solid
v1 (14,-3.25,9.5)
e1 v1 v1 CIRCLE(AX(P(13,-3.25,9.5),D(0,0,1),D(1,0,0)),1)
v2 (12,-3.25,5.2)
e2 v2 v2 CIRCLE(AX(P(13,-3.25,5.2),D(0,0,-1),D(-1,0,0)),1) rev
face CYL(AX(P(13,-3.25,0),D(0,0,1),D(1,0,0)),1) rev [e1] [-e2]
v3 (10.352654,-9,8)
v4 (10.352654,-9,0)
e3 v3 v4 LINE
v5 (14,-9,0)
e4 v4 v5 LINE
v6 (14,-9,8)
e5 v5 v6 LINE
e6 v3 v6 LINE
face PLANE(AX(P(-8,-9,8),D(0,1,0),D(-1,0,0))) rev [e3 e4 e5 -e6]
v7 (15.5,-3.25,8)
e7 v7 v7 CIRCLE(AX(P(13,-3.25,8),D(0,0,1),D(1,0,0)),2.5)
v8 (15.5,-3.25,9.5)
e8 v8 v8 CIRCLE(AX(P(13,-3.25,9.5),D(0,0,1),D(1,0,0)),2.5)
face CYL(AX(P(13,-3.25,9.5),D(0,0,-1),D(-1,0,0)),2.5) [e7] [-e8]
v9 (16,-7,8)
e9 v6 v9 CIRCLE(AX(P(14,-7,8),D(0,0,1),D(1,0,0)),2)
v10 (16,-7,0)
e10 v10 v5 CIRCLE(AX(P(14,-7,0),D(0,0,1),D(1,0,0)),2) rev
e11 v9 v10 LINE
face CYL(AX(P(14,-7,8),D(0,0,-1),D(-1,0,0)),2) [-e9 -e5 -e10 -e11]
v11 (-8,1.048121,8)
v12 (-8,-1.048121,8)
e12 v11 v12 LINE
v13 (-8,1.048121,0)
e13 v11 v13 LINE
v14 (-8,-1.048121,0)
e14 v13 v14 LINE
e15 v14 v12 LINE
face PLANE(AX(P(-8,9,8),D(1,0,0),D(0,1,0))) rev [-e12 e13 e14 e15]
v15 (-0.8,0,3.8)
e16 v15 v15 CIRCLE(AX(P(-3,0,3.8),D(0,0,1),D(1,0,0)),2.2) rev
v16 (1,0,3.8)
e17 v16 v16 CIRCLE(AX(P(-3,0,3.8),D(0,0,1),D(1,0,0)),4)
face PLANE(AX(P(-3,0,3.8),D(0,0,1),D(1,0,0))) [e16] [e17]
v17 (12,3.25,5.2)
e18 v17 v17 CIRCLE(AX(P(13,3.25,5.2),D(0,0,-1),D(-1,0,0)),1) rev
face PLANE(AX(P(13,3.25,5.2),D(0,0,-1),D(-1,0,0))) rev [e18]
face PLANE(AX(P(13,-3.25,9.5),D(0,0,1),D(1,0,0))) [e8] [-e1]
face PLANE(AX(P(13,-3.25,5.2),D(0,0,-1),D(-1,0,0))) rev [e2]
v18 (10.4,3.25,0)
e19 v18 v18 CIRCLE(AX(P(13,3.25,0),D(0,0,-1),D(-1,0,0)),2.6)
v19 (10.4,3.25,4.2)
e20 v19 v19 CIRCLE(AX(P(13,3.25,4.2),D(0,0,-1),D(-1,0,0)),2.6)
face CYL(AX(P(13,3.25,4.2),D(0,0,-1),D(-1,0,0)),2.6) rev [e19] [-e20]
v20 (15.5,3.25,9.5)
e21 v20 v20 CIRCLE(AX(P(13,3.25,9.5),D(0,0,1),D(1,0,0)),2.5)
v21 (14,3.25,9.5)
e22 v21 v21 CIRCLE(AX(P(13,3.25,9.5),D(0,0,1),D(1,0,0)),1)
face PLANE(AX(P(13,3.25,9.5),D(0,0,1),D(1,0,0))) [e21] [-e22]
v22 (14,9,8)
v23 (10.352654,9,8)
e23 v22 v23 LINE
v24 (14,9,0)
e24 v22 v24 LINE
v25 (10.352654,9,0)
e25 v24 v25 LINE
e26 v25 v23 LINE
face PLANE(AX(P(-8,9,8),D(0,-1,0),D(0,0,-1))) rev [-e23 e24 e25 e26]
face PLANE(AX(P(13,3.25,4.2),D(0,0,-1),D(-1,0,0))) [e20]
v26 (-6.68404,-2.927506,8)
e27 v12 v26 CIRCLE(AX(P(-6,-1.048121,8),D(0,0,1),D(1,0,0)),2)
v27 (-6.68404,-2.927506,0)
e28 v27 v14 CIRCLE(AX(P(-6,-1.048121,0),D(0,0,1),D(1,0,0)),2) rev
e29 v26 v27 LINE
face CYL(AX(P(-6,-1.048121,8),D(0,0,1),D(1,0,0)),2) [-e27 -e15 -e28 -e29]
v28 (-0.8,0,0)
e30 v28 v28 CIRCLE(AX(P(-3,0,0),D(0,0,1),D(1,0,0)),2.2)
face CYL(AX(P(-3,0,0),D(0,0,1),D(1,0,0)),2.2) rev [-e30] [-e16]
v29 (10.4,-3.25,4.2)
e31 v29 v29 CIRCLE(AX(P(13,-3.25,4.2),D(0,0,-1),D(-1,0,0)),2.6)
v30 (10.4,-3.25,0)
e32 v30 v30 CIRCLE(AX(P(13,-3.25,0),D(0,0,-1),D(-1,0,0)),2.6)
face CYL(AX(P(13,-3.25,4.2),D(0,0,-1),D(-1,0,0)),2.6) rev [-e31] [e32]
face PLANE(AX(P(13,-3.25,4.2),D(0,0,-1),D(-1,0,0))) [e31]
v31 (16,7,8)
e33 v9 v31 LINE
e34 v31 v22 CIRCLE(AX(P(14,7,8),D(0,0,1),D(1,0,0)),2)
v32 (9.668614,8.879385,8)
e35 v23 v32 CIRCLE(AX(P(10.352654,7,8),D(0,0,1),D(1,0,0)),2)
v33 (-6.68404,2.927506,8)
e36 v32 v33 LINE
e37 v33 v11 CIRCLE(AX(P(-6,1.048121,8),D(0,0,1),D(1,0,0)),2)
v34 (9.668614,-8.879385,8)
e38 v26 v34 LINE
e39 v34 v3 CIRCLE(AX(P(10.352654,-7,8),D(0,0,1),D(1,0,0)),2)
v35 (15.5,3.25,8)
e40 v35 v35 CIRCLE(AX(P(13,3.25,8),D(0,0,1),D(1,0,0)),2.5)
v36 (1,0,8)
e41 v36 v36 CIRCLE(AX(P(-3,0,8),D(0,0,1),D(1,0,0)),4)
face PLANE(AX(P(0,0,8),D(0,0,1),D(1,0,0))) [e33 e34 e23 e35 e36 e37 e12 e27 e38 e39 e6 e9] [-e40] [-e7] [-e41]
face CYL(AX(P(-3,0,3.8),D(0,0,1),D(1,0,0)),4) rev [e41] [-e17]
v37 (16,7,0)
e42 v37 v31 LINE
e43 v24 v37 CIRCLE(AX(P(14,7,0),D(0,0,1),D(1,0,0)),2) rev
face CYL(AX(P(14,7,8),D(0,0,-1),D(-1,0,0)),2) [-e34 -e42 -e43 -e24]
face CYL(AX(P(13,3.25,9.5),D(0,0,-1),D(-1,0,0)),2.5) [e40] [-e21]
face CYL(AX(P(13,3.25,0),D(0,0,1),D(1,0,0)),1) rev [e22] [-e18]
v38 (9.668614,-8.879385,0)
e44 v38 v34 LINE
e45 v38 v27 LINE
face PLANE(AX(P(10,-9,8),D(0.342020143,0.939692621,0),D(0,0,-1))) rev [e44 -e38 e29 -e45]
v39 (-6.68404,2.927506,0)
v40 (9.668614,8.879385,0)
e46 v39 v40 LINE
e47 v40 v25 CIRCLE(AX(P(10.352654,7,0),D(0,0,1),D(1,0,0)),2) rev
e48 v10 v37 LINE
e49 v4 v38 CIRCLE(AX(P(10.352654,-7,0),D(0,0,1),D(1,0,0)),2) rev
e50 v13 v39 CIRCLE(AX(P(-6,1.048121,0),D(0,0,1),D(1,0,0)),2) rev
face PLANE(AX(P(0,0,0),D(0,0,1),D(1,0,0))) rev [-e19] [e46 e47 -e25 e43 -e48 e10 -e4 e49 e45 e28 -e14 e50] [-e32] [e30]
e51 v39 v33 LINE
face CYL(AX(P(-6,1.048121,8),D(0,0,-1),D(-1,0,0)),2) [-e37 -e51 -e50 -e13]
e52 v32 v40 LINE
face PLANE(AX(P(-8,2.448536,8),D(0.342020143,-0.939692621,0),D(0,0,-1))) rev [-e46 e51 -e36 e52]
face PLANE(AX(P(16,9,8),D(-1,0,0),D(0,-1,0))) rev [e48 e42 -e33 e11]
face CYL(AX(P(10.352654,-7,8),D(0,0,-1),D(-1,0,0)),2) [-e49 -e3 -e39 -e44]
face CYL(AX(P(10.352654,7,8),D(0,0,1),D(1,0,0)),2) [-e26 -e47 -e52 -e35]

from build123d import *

# Parameters (mm, degrees)
ESQUISSE1_W             = 24
ESQUISSE1_H             = 18
BOSS_EXTRU_1_DEPTH      = 8
ESQUISSE2_R             = 2.2
ENL_V_MAT_EXTRU_1_DEPTH = 9
ESQUISSE3_R             = 4
ENL_V_MAT_EXTRU_2_DEPTH = 4.2
ESQUISSE4_R             = 1
ENL_V_MAT_EXTRU_3_DEPTH = 9
ESQUISSE5_R             = 2.6
ENL_V_MAT_EXTRU_6_DEPTH = 4.2
ESQUISSE6_R             = 1.7
BOSS_EXTRU_2_DEPTH      = 1
CHANFREIN1_SIZE         = 18
CHANFREIN1_SIZE2        = 6.551464217
CHANFREIN1_PART_2_SIZE  = 18
CHANFREIN1_PART_2_SIZE2 = 6.551464217
CONG_1_R                = 2
ESQUISSE7_R             = 2.5
ESQUISSE7_R_2           = 1
BOSS_EXTRU_3_DEPTH      = 1.5


with BuildPart() as part:
    # Esquisse1 → Boss.-Extru.1 (new body)
    with BuildSketch(Plane.XY):
        with Locations((4, 0)):
            Rectangle(ESQUISSE1_W, ESQUISSE1_H)
    extrude(amount=BOSS_EXTRU_1_DEPTH)

    # Esquisse2 → Enlèv. mat.-Extru.1 (cut, through all)
    with BuildSketch(Plane.XY.offset(8)):
        with Locations((-3, 0)):
            Circle(ESQUISSE2_R)
    extrude(amount=-ENL_V_MAT_EXTRU_1_DEPTH, mode=Mode.SUBTRACT)

    # Esquisse3 → Enlèv. mat.-Extru.2 (cut)
    with BuildSketch(Plane.XY.offset(8)):
        with Locations((-3, 0)):
            Circle(ESQUISSE3_R)
    extrude(amount=-ENL_V_MAT_EXTRU_2_DEPTH, mode=Mode.SUBTRACT)

    # Esquisse4 → Enlèv. mat.-Extru.3 (cut, through all)
    with BuildSketch(Plane.XY.offset(8)):
        with Locations((13, 3.25)):
            Circle(ESQUISSE4_R)
        with Locations((13, -3.25)):
            Circle(ESQUISSE4_R)
    extrude(amount=-ENL_V_MAT_EXTRU_3_DEPTH, mode=Mode.SUBTRACT)

    # Esquisse5 → Enlèv. mat.-Extru.6 (cut)
    with BuildSketch(Plane(origin=(0, 0, 0), x_dir=(-1, 0, 0), z_dir=(0, 0, -1))):
        with Locations((-13, 3.25)):
            Circle(ESQUISSE5_R)
        with Locations((-13, -3.25)):
            Circle(ESQUISSE5_R)
    extrude(amount=-ENL_V_MAT_EXTRU_6_DEPTH, mode=Mode.SUBTRACT)

    # Esquisse6 → Boss.-Extru.2 (add)
    with BuildSketch(Plane(origin=(0, 0, 4.2), x_dir=(-1, 0, 0), z_dir=(0, 0, -1))):
        with Locations((-13, 3.25)):
            Circle(ESQUISSE6_R)
        with Locations((-13, -3.25)):
            Circle(ESQUISSE6_R)
    extrude(amount=-BOSS_EXTRU_2_DEPTH)

    # Chanfrein1
    chanfrein1_edges = [part.edges().sort_by_distance(p)[0] for p in [
        (-8, 9, 4),
    ]]
    chanfrein1_side = [part.faces().sort_by_distance(p)[0] for p in [
        (4, 9, 4),
    ]]
    chamfer(chanfrein1_edges, length=CHANFREIN1_SIZE, length2=CHANFREIN1_SIZE2, reference=chanfrein1_side[0])

    # Chanfrein1 part 2
    chanfrein1_part_2_edges = [part.edges().sort_by_distance(p)[0] for p in [
        (-8, -9, 4),
    ]]
    chanfrein1_part_2_side = [part.faces().sort_by_distance(p)[0] for p in [
        (4, -9, 4),
    ]]
    chamfer(chanfrein1_part_2_edges, length=CHANFREIN1_PART_2_SIZE, length2=CHANFREIN1_PART_2_SIZE2, reference=chanfrein1_part_2_side[0])

    # Congé1
    cong_1_edges = [part.edges().sort_by_distance(p)[0] for p in [
        (10, -9, 4),
        (-8, 2.448535783, 4),
        (-8, -2.448535783, 4),
        (10, 9, 4),
        (16, 9, 4),
        (16, -9, 4),
    ]]
    fillet(cong_1_edges, radius=CONG_1_R)

    # Esquisse7 → Boss.-Extru.3 (add)
    with BuildSketch(Plane.XY.offset(8)):
        with Locations((13, -3.25)):
            Circle(ESQUISSE7_R)
        with Locations((13, -3.25)):
            Circle(ESQUISSE7_R_2, mode=Mode.SUBTRACT)
        with Locations((13, 3.25)):
            Circle(ESQUISSE7_R)
        with Locations((13, 3.25)):
            Circle(ESQUISSE7_R_2, mode=Mode.SUBTRACT)
    extrude(amount=BOSS_EXTRU_3_DEPTH)


solid = part.part
